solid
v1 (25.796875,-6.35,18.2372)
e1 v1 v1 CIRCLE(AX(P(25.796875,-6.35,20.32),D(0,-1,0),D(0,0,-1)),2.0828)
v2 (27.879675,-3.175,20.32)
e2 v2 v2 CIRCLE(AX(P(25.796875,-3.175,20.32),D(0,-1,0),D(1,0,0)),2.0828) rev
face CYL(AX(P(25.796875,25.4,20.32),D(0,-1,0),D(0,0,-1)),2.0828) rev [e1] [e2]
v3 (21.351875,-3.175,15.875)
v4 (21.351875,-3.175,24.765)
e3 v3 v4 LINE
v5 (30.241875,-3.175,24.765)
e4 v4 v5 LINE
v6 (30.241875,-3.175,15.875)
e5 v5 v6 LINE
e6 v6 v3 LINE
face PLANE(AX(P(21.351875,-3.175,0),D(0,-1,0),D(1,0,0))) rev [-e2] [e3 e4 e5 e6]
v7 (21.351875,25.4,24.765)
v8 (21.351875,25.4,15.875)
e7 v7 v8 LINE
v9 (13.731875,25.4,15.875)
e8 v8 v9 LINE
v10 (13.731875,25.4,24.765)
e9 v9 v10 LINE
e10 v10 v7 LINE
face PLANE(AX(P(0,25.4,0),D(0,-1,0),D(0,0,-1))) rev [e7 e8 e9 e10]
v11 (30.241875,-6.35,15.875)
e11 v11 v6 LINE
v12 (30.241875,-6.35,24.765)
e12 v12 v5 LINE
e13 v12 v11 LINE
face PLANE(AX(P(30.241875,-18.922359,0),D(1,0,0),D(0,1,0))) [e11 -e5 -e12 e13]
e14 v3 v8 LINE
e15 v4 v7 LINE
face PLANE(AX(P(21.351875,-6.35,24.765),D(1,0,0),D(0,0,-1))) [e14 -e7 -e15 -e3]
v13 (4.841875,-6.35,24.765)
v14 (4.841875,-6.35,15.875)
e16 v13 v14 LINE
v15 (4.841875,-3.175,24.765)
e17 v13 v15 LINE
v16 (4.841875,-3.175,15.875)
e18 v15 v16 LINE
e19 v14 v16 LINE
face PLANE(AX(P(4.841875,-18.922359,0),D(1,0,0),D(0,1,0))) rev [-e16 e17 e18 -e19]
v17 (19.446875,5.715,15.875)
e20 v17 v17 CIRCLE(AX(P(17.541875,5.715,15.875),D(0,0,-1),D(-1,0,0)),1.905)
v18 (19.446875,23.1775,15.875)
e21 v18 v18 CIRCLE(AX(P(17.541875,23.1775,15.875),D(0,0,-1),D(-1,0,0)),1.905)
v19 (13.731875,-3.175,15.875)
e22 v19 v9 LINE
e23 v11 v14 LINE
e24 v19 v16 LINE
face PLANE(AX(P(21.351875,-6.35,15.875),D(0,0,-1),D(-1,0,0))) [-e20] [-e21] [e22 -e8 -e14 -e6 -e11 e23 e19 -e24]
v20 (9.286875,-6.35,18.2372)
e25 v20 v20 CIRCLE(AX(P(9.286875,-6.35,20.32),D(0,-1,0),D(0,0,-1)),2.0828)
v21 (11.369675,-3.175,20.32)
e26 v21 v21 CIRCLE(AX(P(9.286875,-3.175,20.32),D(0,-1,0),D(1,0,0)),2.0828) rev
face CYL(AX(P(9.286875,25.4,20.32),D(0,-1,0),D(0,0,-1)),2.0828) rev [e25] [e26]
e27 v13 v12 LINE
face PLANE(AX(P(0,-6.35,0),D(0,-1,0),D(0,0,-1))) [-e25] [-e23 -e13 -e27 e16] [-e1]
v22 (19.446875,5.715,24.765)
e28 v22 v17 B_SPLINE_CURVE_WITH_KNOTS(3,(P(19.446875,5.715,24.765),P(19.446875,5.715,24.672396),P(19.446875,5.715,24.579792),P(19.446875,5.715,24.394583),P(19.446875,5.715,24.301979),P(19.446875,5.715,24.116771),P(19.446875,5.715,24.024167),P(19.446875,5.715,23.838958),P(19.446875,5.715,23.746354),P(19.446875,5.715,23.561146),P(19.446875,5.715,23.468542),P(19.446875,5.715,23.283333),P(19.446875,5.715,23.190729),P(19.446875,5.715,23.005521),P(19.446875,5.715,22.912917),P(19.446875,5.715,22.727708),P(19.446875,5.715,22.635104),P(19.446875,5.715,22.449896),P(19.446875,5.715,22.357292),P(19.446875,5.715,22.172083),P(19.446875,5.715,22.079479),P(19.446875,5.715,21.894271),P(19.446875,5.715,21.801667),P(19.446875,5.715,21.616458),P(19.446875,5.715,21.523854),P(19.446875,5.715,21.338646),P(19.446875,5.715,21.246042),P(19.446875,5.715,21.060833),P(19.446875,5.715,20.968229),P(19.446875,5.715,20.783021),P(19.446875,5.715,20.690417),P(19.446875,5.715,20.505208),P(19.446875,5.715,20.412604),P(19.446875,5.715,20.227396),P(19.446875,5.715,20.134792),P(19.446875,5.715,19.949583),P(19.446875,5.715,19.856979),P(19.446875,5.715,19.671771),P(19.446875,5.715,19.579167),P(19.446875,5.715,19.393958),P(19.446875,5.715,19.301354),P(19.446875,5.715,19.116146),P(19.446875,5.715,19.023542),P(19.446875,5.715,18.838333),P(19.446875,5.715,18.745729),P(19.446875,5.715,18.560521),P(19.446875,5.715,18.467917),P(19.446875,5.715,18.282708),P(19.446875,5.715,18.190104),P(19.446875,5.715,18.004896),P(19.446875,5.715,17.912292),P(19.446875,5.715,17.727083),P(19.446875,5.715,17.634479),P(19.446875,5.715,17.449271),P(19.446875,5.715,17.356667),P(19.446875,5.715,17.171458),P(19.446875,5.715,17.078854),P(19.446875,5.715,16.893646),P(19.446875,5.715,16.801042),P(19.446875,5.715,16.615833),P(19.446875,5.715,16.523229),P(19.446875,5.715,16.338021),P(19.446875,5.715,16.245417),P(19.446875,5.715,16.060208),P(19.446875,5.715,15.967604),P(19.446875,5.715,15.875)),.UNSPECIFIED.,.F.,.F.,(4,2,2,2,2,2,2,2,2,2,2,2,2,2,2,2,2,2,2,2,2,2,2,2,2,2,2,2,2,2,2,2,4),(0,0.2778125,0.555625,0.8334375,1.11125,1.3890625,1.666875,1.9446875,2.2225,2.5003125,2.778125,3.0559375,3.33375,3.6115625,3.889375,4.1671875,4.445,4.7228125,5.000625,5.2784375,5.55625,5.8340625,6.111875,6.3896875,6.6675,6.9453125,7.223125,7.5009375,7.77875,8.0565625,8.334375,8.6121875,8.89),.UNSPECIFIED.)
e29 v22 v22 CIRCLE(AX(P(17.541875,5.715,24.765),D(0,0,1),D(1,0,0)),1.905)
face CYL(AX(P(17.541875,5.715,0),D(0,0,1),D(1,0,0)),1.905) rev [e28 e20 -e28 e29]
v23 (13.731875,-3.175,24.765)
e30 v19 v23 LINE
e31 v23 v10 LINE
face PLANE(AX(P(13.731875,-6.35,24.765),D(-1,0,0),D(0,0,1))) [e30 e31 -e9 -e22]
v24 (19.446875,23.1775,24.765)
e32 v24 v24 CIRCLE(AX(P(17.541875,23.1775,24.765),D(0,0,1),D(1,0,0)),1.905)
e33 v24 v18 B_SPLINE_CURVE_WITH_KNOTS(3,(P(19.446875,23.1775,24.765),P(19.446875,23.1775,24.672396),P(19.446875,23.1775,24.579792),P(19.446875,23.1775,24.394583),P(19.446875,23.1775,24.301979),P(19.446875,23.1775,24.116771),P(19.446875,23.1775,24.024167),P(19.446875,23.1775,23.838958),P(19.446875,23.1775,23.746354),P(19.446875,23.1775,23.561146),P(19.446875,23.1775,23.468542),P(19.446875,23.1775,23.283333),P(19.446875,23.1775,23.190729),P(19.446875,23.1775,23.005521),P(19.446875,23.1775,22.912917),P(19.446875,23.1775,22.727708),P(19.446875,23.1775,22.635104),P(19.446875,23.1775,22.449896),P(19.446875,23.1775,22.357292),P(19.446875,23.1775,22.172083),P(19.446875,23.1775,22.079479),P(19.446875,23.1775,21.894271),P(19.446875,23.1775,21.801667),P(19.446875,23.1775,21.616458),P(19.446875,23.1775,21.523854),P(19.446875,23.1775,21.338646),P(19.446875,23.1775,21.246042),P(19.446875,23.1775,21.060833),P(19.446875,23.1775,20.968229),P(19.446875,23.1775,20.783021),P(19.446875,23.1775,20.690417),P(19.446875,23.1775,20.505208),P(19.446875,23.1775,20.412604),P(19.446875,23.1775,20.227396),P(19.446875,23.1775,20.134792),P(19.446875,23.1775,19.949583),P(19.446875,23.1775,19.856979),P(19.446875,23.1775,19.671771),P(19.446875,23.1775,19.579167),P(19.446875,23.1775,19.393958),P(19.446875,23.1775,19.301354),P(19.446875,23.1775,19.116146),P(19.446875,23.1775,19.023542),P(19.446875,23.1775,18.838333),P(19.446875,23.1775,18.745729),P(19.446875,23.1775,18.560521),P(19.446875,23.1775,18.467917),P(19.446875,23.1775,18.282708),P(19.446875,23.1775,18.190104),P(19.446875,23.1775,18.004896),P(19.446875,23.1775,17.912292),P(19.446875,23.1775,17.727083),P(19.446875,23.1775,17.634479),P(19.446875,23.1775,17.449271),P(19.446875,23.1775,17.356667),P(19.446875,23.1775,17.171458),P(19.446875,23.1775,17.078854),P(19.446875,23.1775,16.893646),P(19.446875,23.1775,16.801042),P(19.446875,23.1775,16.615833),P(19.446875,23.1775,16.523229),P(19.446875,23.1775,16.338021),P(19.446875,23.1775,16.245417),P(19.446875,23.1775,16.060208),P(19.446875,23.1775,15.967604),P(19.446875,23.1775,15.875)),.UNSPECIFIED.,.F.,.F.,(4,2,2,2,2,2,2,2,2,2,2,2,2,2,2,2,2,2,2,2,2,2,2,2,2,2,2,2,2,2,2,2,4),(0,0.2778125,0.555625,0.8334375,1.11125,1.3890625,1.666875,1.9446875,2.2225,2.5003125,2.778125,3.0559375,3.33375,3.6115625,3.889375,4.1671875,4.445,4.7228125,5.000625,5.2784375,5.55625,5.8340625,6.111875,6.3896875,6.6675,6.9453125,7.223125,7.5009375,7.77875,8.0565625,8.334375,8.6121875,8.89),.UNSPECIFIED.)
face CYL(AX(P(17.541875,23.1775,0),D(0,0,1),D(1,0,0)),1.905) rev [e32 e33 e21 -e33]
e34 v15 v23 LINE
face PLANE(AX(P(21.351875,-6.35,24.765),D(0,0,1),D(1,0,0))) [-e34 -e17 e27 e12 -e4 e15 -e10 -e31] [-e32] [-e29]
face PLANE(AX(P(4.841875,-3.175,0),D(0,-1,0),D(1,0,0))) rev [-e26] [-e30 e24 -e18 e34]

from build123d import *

# Parameters (mm, degrees)
SKETCH1_R                = 2.38125
BOSS_EXTRUDE1_DEPTH      = 38.1
FILLET1_R                = 6.35
SKETCH3_W                = 38.1
SKETCH3_H                = 6.35
BOSS_EXTRUDE2_DEPTH      = 12.7
SKETCH2_W                = 7.62
SKETCH2_H                = 8.89
CUT_EXTRUDE7_DEPTH       = 66.019560197
BOSS_EXTRUDE5_DEPTH      = 22.225
BOSS_EXTRUDE5_DEPTH_BACK = 9.525
SKETCH10_W               = 7.62
SKETCH10_H               = 8.89
CUT_EXTRUDE1_DEPTH       = 62.376176621
CUT_EXTRUDE1_DEPTH_BACK  = 62.376176621
SKETCH5_R                = 1.905
SKETCH6_W                = 8.89
SKETCH6_H                = 8.89
BOSS_EXTRUDE4_DEPTH      = 3.175
CUT_EXTRUDE2_DEPTH       = 71.485759779
CUT_EXTRUDE2_DEPTH_BACK  = 71.485759779
SKETCH7_R                = 2.0828
CUT_EXTRUDE8_DEPTH       = 13.335
CUT_EXTRUDE9_DEPTH       = 62.376176621
SKETCH12_W               = 15.875
SKETCH12_H               = 6.35
CUT_EXTRUDE10_DEPTH      = 40.128574278


with BuildPart() as part:
    # Sketch1 → Boss-Extrude1 (new body)
    with BuildSketch(Plane.XY):
        with BuildLine():
            Line((-37.385625, -8.255), (-37.385625, -3.175))
            Line((-37.385625, -3.175), (-37.385625, 3.175))
            Line((-37.385625, 3.175), (37.385625, 3.175))
            Line((37.385625, 3.175), (37.385625, -3.175))
            Line((37.385625, -3.175), (-27.543125, -3.175))
            Line((-27.543125, -3.175), (-27.543125, -8.255))
            ThreePointArc((-27.543125, -8.255), (-32.464375, -13.17625), (-37.385625, -8.255))
        make_face()
        with Locations(Location((-32.464375, -8.255, 0), (0, 0, 180))):
            Circle(SKETCH1_R, mode=Mode.SUBTRACT)
    extrude(amount=BOSS_EXTRUDE1_DEPTH)

    # Fillet1
    fillet1_edges = [part.edges().sort_by_distance(p)[0] for p in [
        (-37.385625, 3.175, 19.05),
    ]]
    fillet(fillet1_edges, radius=FILLET1_R)

    # Sketch3 → Boss-Extrude2 (add)
    with BuildSketch(Plane(origin=(37.385625, 0, 0), x_dir=(0, 0, -1), z_dir=(1, 0, 0))):
        with Locations((-19.05, 0)):
            Rectangle(SKETCH3_W, SKETCH3_H)
    extrude(amount=BOSS_EXTRUDE2_DEPTH)

    # Sketch2 → Cut-Extrude7 (cut, through all)
    with BuildSketch(Plane(origin=(0, 3.175, 0), x_dir=(1, 0, 0), z_dir=(0, 1, 0))):
        with Locations((17.541875, -20.32)):
            Rectangle(SKETCH2_W, SKETCH2_H)
    extrude(amount=-CUT_EXTRUDE7_DEPTH, mode=Mode.SUBTRACT)

    # Sketch10 → Boss-Extrude5 (add, two sides: drawn at the far end of the back side and taken through both)
    with BuildSketch(Plane(origin=(0, 3.175, 0), x_dir=(1, 0, 0), z_dir=(0, 1, 0)).offset(-BOSS_EXTRUDE5_DEPTH_BACK)):
        with Locations((17.541875, -20.32)):
            Rectangle(SKETCH10_W, SKETCH10_H)
    extrude(amount=BOSS_EXTRUDE5_DEPTH + BOSS_EXTRUDE5_DEPTH_BACK)

    # Sketch5 → Cut-Extrude1 (cut, two sides: drawn at the far end of the back side and taken through both)
    with BuildSketch(Plane.XY.offset(24.765).offset(-CUT_EXTRUDE1_DEPTH_BACK)):
        with Locations((17.541875, 5.715)):
            Circle(SKETCH5_R)
        with Locations((17.541875, 23.1775)):
            Circle(SKETCH5_R)
    extrude(amount=CUT_EXTRUDE1_DEPTH + CUT_EXTRUDE1_DEPTH_BACK, mode=Mode.SUBTRACT)

    # Sketch6 → Boss-Extrude4 (add)
    with BuildSketch(Plane(origin=(0, -3.175, 0), x_dir=(1, 0, 0), z_dir=(0, 1, 0))):
        with Locations((9.286875, -20.32)):
            Rectangle(SKETCH6_W, SKETCH6_H)
        with Locations((25.796875, -20.32)):
            Rectangle(SKETCH6_W, SKETCH6_H)
    extrude(amount=-BOSS_EXTRUDE4_DEPTH)

    # Sketch7 → Cut-Extrude2 (cut, two sides: drawn at the far end of the back side and taken through both)
    with BuildSketch(Plane(origin=(0, -6.35, 0), x_dir=(-1, 0, 0), z_dir=(0, -1, 0)).offset(-CUT_EXTRUDE2_DEPTH_BACK)):
        with Locations(Location((-9.286875, -20.32, 0), (0, 0, 90))):
            Circle(SKETCH7_R)
        with Locations(Location((-25.796875, -20.32, 0), (0, 0, 90))):
            Circle(SKETCH7_R)
    extrude(amount=CUT_EXTRUDE2_DEPTH + CUT_EXTRUDE2_DEPTH_BACK, mode=Mode.SUBTRACT)

    # Sketch9 → Cut-Extrude8 (cut)
    with BuildSketch(Plane.XY.offset(38.1)):
        with BuildLine():
            Line((50.085625, 3.175), (50.085625, -3.175))
            Line((50.085625, -3.175), (-27.543125, -3.175))
            Line((-27.543125, -3.175), (-27.543125, -8.255))
            ThreePointArc((-27.543125, -8.255), (-32.464375, -13.17625), (-37.385625, -8.255))
            Line((-37.385625, -8.255), (-37.385625, -3.175))
            ThreePointArc((-37.385625, -3.175), (-35.525753061, 1.315128061), (-31.035625, 3.175))
            Line((-31.035625, 3.175), (50.085625, 3.175))
        make_face()
    extrude(amount=-CUT_EXTRUDE8_DEPTH, mode=Mode.SUBTRACT)

    # Sketch11 → Cut-Extrude9 (cut, through all)
    with BuildSketch(Plane.XY.offset(24.765)):
        Polygon((21.351875, 3.175), (21.351875, -3.175), (30.241875, -3.175), (54.982981917, -12.803682108), (51.254802373, 20.663231938), align=None)
        Polygon((4.841875, -3.175), (13.731875, -3.175), (13.731875, 3.175), (-41.256071428, 5.663811912), (-38.308208532, -22.514289292), align=None)
    extrude(amount=-CUT_EXTRUDE9_DEPTH, mode=Mode.SUBTRACT)

    # Sketch12 → Cut-Extrude10 (cut, through all)
    with BuildSketch(Plane(origin=(21.351875, 0, 0), x_dir=(0, 0, -1), z_dir=(1, 0, 0))):
        with Locations((-7.9375, 0)):
            Rectangle(SKETCH12_W, SKETCH12_H)
    extrude(amount=-CUT_EXTRUDE10_DEPTH, mode=Mode.SUBTRACT)


solid = part.part
